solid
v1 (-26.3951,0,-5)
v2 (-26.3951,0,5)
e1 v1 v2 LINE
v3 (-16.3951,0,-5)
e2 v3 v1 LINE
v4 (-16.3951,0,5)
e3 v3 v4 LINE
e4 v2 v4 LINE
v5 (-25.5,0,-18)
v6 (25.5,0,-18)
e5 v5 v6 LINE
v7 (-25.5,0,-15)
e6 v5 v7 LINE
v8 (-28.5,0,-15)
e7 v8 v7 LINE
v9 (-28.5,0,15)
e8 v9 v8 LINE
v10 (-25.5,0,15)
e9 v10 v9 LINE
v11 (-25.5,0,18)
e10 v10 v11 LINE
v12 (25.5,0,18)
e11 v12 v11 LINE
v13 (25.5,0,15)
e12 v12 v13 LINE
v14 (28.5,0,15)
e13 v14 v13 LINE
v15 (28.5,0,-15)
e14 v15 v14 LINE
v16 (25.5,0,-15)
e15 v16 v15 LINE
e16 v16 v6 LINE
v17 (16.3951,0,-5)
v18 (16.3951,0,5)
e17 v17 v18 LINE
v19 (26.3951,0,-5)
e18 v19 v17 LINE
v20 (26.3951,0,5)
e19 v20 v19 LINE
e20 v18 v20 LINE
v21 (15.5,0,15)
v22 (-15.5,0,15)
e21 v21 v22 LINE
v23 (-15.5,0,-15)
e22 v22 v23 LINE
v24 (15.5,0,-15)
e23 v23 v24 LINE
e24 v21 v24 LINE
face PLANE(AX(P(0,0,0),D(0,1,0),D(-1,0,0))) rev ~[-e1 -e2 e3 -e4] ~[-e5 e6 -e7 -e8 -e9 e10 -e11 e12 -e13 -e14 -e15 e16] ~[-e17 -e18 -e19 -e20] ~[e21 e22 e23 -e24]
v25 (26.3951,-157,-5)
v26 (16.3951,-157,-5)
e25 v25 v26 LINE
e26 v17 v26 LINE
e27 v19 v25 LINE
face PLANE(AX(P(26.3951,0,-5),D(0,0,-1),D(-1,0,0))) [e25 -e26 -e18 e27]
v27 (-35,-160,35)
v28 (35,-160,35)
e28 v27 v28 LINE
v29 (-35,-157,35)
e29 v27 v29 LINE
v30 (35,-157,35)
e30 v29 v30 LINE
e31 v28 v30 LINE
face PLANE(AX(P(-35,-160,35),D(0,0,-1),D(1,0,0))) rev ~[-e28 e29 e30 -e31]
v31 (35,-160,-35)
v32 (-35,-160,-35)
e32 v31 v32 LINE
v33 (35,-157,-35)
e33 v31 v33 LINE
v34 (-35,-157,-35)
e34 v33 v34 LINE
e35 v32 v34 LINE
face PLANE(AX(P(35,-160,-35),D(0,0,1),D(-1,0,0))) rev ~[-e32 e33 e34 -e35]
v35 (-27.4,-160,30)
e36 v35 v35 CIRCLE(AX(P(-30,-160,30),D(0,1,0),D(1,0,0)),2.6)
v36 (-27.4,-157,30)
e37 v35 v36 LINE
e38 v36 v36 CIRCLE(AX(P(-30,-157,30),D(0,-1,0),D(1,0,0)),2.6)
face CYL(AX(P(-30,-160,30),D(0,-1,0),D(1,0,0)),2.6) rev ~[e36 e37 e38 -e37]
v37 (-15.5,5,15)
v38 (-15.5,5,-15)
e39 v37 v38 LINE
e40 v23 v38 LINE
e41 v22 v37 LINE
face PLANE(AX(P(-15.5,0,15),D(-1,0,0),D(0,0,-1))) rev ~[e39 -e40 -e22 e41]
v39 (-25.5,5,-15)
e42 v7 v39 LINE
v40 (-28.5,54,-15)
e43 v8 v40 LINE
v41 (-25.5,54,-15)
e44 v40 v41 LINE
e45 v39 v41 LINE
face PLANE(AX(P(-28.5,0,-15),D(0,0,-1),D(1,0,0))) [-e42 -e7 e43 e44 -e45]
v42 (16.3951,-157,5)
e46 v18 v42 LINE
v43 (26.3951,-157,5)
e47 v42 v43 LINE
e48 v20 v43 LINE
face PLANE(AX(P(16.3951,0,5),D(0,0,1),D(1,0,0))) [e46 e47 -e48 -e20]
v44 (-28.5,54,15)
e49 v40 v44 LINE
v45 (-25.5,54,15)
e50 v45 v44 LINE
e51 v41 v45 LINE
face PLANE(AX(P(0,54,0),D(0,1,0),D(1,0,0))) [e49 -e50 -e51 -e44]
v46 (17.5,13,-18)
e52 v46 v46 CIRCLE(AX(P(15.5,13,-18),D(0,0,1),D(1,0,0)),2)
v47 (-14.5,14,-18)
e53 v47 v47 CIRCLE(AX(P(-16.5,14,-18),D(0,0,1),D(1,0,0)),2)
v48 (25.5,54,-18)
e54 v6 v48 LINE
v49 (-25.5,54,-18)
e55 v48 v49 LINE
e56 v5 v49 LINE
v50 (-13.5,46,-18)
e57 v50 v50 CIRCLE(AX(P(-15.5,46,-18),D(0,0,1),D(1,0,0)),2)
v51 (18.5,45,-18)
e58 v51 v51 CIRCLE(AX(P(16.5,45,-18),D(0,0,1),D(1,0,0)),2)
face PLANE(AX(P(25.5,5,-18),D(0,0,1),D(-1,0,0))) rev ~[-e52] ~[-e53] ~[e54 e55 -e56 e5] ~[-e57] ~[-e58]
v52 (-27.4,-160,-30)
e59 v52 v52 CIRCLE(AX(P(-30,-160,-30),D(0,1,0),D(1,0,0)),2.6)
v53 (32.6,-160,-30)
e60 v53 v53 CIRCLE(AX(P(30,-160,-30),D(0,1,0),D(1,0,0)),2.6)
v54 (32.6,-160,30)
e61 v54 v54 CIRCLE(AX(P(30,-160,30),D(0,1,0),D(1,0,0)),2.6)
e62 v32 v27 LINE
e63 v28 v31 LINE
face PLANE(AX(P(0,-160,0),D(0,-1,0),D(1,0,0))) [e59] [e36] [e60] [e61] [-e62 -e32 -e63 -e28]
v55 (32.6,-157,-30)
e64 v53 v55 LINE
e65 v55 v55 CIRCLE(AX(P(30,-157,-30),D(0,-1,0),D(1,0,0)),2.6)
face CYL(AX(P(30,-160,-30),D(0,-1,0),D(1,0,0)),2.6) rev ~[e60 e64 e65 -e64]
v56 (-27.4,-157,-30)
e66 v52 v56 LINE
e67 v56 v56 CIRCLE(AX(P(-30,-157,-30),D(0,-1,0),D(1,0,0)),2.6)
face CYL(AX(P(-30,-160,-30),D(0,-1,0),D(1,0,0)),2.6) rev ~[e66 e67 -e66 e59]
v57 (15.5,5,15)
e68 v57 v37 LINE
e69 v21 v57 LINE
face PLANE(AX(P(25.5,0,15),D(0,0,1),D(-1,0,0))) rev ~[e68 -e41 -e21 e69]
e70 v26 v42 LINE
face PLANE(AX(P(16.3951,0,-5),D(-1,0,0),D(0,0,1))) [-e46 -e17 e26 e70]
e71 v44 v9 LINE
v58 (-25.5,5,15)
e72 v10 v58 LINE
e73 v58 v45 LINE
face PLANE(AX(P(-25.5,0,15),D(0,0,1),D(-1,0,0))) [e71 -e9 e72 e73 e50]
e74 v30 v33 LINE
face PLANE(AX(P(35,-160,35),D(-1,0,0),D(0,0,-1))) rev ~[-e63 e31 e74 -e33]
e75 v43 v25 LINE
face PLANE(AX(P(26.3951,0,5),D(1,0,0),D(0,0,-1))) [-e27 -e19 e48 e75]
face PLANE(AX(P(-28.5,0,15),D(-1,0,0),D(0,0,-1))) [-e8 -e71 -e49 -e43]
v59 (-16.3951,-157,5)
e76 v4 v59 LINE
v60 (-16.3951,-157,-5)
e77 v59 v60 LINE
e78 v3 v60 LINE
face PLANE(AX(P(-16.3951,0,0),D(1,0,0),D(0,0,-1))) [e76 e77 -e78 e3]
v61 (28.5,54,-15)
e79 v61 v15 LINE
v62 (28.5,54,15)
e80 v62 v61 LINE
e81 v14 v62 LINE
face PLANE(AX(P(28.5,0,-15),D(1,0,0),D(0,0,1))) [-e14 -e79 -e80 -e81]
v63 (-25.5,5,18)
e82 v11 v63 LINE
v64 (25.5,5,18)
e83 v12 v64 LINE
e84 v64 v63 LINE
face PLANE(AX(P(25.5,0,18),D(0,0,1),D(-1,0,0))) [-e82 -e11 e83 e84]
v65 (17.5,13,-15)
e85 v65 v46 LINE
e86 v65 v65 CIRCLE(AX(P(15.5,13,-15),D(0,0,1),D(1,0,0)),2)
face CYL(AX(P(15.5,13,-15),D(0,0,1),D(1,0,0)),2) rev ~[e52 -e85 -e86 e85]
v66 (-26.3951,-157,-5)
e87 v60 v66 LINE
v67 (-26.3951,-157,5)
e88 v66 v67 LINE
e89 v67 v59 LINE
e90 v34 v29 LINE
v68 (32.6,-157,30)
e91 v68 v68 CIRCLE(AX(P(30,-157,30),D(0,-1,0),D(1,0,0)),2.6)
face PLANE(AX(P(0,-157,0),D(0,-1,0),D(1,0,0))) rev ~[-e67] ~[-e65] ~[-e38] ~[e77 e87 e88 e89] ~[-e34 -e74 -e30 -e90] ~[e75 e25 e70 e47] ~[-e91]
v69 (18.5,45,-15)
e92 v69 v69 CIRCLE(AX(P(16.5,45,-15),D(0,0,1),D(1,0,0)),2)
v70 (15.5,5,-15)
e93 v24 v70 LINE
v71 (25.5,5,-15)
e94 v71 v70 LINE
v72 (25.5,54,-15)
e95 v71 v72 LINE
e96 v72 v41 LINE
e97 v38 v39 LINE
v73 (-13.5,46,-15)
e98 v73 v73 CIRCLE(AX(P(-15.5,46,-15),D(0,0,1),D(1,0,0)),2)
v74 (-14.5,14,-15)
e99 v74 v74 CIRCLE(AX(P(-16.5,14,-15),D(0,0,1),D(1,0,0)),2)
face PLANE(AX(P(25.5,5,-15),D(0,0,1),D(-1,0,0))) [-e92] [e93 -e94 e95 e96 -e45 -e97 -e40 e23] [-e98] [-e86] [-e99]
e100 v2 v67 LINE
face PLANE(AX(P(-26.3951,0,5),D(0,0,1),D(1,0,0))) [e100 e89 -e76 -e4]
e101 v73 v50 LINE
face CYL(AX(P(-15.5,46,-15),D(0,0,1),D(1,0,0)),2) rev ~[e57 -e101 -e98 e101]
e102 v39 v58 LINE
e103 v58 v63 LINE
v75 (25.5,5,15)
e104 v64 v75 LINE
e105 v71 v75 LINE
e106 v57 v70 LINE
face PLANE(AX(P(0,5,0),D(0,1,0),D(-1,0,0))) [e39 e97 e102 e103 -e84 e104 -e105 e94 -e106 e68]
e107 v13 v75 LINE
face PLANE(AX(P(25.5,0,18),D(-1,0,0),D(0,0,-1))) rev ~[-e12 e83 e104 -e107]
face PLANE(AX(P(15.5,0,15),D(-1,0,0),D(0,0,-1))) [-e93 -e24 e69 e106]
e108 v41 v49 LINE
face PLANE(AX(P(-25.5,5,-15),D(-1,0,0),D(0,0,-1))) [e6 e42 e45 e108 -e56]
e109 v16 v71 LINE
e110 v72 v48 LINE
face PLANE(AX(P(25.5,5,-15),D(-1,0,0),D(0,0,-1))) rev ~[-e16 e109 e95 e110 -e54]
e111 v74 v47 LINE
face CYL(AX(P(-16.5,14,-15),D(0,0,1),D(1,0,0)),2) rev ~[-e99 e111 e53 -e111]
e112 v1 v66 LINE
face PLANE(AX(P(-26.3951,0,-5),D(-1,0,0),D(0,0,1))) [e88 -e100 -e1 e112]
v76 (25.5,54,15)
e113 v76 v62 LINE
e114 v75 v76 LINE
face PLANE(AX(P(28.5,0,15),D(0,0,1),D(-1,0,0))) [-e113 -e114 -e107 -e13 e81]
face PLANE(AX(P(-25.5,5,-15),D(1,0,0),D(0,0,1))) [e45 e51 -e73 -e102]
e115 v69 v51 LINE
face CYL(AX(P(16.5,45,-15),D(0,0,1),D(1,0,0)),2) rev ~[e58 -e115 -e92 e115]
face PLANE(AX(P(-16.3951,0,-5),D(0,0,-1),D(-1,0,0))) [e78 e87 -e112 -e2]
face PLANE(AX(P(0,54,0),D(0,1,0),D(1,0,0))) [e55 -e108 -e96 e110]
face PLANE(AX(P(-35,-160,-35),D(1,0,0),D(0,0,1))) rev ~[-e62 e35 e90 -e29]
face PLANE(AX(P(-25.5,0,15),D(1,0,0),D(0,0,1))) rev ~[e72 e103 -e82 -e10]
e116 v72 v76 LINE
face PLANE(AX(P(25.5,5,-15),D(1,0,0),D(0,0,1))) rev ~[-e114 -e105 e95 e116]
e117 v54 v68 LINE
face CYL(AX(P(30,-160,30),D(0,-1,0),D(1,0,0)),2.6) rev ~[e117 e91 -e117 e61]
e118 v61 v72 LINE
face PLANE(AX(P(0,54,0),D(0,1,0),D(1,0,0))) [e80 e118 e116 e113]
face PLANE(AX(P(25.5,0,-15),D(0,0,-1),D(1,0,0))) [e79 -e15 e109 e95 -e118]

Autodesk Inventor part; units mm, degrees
ref_plane "YZ Plane" through (0, 0, 0) normal (1, 0, 0) x (0, 1, 0)
ref_plane "XZ Plane" through (0, 0, 0) normal (0, 1, 0) x (-1, 0, 0)
ref_plane "XY Plane" through (0, 0, 0) normal (0, 0, 1) x (1, 0, 0)
sketch "Boceto1" plane through (0, 0, 0) normal (0, 1, 0) x (-1, 0, 0)
  line L0 (25.5, 15) -> (-25.5, 15)
  line L1 (-25.5, 15) -> (-25.5, -15)
  line L2 (-25.5, -15) -> (25.5, -15)
  line L3 (25.5, -15) -> (25.5, 15)
  line L4 (25.5, 15) -> (-25.5, -15) construction
  line L5 (-25.5, 15) -> (25.5, -15) construction
  line L6 (-15.5, 15) -> (-15.5, -15)
  line L7 (0, 15) -> (0, 11.847)
  line L8 (-25.5, 0) -> (-22.3332, 0)
  line L9 (25.5, 15) -> (25.5, -15)
  line L10 (15.5, 15) -> (15.5, -15)
  line L11 (25.5, 0) -> (22.3332, 0)
  line L12 (-25.5, -15) -> (-25.5, 15)
  line L13 (-25.5, 0) -> (-22.3332, 0)
  line L14 (-25.5, 15) -> (-25.5, -15)
  point P0 (0, 0)
  point P1 (31.5, 22.5)
  dimension "d2" = 10
  dimension "d21" = 51
  dimension "d22" = 30
extrude "Extrusión1" add sketch "Boceto1" along normal blind 5 contours L3 L2 L10 L0 | L6 L2 L1 L0
sketch "Boceto4" plane through (0, 0, 0) normal (0, 1, 0) x (-1, 0, 0)
  line L0 (-28.5, 18) -> (28.5, 18)
  line L1 (28.5, 18) -> (28.5, -18)
  line L2 (28.5, -18) -> (-28.5, -18)
  line L3 (-28.5, -18) -> (-28.5, 18)
  line L4 (-28.5, 18) -> (28.5, -18) construction
  line L5 (28.5, 18) -> (-28.5, -18) construction
  line L6 (28.5, -15) -> (-28.5, -15)
  line L7 (-28.5, 15) -> (28.5, 15)
  line L8 (25.5, -18) -> (25.5, 18)
  line L9 (-25.5, 18) -> (-25.5, -18)
  line L10 (-25.5, -15) -> (-15.5, -15) projected
  point P0 (0, 0)
  point P1 (-25.5, -15)
  point P2 (-25.5, 15)
  point P3 (25.5, 15)
  point P4 (25.5, -15)
  dimension "d23" = 57
  dimension "d24" = 36
  dimension "d27" = 0
extrude "Extrusión4" add sketch "Boceto4" along normal blind 5 contours L0 L8 L7 L9 | L7 L9 L6 L3 | L7 L1 L6 L8 | L6 L8 L2 L9
sketch "Boceto5" plane through (0, 5, 0) normal (0, 1, 0) x (1, 0, 0)
  line L0 (25.5, 18) -> (-25.5, 18) projected
  line L1 (25.5, 15) -> (25.5, 18) projected
  line L2 (-25.5, 18) -> (25.5, 18)
  line L3 (25.5, 18) -> (25.5, 15)
  line L4 (25.5, 15) -> (-25.5, 15)
  line L5 (-25.5, 15) -> (-25.5, 18)
  point P0 (0, 0)
extrude "Extrusión5" add sketch "Boceto5" along normal blind 49
sketch "Boceto6" plane through (-15.5, 0, -15) normal (0, 0, 1) x (1, 0, 0)
  circle A0 centre (32, 45) radius 2
  line L0 (41, 5) -> (41, 54) projected
  line L1 (-10, 54) -> (41, 54) projected
  line L2 (-10, 5) -> (-10, 54) projected
  line L3 (-10, 29.5) -> (15.5, 29.5)
  line L4 (15.5, 29.5) -> (15.5, 54)
  circle A1 centre (0, 46) radius 2
  circle A2 centre (-1, 14) radius 2
  circle A3 centre (31, 13) radius 2
  point P0 (15.5, 0)
  dimension "d30" = 4
  dimension "d31" = 9
  dimension "d32" = 9
  dimension "d35" = 360
extrude "Extrusión6" cut sketch "Boceto6" against normal blind 49 contours A0 | A1 | A2 | A3
sketch "Boceto7" plane through (0, 5, 0) normal (0, 1, 0) x (1, 0, 0)
  line L0 (-28.5, 15) -> (-28.5, -15) projected
  line L1 (-28.5, 15) -> (-25.5, 15)
  line L2 (-25.5, 15) -> (-25.5, -15)
  line L3 (-25.5, -15) -> (-28.5, -15)
  line L4 (-28.5, -15) -> (-28.5, 15)
  line L5 (28.5, 15) -> (25.5, 15) projected
  line L6 (25.5, -15) -> (28.5, -15) projected
  line L7 (28.5, 15) -> (25.5, 15)
  line L8 (25.5, 15) -> (25.5, -15)
  line L9 (25.5, -15) -> (28.5, -15)
  line L10 (28.5, -15) -> (28.5, 15)
  point P0 (0, 0)
  point P1 (25.5, -18)
extrude "Extrusión7" add sketch "Boceto7" along normal blind 49
sketch "Boceto9" plane through (0, 0, 0) normal (0, -1, 0) x (1, 0, 0)
  line L0 (-15.5, 15) -> (-15.5, -15) projected
  line L1 (-25.5, 15) -> (-15.5, 15)
  line L2 (-15.5, 0) -> (-28.5, 0)
  line L3 (-28.5, -15) -> (-28.5, 15) projected
  line L4 (-26.3951, 5) -> (-16.3951, 5)
  line L5 (-16.3951, 5) -> (-16.3951, -5)
  line L6 (-16.3951, -5) -> (-26.3951, -5)
  line L7 (-26.3951, -5) -> (-26.3951, 5)
  line L8 (-26.3951, 5) -> (-16.3951, -5) construction
  line L9 (-16.3951, 5) -> (-26.3951, -5) construction
  line L10 (26.3951, -5) -> (16.3951, -5)
  line L11 (16.3951, -5) -> (16.3951, 5)
  line L12 (16.3951, 5) -> (26.3951, 5)
  line L13 (26.3951, 5) -> (26.3951, -5)
  line L14 (26.3951, -5) -> (16.3951, 5) construction
  line L15 (16.3951, -5) -> (26.3951, 5) construction
  point P0 (0, 0)
  point P1 (-21.3951, 0)
  point P2 (21.3951, 0)
  dimension "d41" = 10
  dimension "d42" = 10
  dimension "d45" = 360
extrude "Extrusión8" add sketch "Boceto9" along normal blind 160
sketch "Boceto11" plane through (0, -160, 0) normal (0, -1, 0) x (1, 0, 0)
  line L0 (-35, 35) -> (35, 35)
  line L1 (35, 35) -> (35, -35)
  line L2 (35, -35) -> (-35, -35)
  line L3 (-35, -35) -> (-35, 35)
  line L4 (-35, 35) -> (35, -35) construction
  line L5 (35, 35) -> (-35, -35) construction
  line L6 (-35, -35) -> (35, -35)
  line L7 (35, -35) -> (35, 35)
  line L8 (35, 35) -> (-35, 35)
  line L9 (-35, 35) -> (-35, -35)
  line L10 (-35, -35) -> (35, 35) construction
  line L11 (35, -35) -> (-35, 35) construction
  line L12 (30, 30) -> (-30, 30)
  line L13 (-30, 30) -> (-30, -30)
  line L14 (-30, -30) -> (30, -30)
  line L15 (30, -30) -> (30, 30)
  line L16 (30, 30) -> (-30, -30) construction
  line L17 (-30, 30) -> (30, -30) construction
  circle A0 centre (-30, 30) radius 2.6
  circle A1 centre (30, 30) radius 2.6
  circle A2 centre (30, -30) radius 2.6
  circle A3 centre (-30, -30) radius 2.6
  line L18 (-26.3951, 5) -> (-16.3951, 5) projected
  line L19 (-16.3951, 5) -> (-16.3951, -5) projected
  line L20 (-26.3951, 5) -> (-16.3951, 5)
  line L21 (-16.3951, 5) -> (-16.3951, -5)
  line L22 (-16.3951, -5) -> (-26.3951, -5)
  line L23 (-26.3951, -5) -> (-26.3951, 5)
  line L24 (16.3951, 5) -> (26.3951, 5) projected
  line L25 (26.3951, 5) -> (26.3951, -5) projected
  line L26 (16.3951, 5) -> (26.3951, 5)
  line L27 (26.3951, 5) -> (26.3951, -5)
  line L28 (26.3951, -5) -> (16.3951, -5)
  line L29 (16.3951, -5) -> (16.3951, 5)
  point P0 (0, 0)
  point P1 (0, 0)
  dimension "d52" = 70
  dimension "d53" = 70
  dimension "d54" = 70
  dimension "d55" = 70
  dimension "d56" = 60
  dimension "d57" = 5.2
  dimension "d58" = 5.2
  dimension "d59" = 5.2
  dimension "d60" = 5.2
extrude "Extrusión9" add sketch "Boceto11" against normal blind 3 contours L0 L1 L2 L3 | L12 A1 L15 A2 L14 A3 L13 A0
properties part number "depth-camera-base"
